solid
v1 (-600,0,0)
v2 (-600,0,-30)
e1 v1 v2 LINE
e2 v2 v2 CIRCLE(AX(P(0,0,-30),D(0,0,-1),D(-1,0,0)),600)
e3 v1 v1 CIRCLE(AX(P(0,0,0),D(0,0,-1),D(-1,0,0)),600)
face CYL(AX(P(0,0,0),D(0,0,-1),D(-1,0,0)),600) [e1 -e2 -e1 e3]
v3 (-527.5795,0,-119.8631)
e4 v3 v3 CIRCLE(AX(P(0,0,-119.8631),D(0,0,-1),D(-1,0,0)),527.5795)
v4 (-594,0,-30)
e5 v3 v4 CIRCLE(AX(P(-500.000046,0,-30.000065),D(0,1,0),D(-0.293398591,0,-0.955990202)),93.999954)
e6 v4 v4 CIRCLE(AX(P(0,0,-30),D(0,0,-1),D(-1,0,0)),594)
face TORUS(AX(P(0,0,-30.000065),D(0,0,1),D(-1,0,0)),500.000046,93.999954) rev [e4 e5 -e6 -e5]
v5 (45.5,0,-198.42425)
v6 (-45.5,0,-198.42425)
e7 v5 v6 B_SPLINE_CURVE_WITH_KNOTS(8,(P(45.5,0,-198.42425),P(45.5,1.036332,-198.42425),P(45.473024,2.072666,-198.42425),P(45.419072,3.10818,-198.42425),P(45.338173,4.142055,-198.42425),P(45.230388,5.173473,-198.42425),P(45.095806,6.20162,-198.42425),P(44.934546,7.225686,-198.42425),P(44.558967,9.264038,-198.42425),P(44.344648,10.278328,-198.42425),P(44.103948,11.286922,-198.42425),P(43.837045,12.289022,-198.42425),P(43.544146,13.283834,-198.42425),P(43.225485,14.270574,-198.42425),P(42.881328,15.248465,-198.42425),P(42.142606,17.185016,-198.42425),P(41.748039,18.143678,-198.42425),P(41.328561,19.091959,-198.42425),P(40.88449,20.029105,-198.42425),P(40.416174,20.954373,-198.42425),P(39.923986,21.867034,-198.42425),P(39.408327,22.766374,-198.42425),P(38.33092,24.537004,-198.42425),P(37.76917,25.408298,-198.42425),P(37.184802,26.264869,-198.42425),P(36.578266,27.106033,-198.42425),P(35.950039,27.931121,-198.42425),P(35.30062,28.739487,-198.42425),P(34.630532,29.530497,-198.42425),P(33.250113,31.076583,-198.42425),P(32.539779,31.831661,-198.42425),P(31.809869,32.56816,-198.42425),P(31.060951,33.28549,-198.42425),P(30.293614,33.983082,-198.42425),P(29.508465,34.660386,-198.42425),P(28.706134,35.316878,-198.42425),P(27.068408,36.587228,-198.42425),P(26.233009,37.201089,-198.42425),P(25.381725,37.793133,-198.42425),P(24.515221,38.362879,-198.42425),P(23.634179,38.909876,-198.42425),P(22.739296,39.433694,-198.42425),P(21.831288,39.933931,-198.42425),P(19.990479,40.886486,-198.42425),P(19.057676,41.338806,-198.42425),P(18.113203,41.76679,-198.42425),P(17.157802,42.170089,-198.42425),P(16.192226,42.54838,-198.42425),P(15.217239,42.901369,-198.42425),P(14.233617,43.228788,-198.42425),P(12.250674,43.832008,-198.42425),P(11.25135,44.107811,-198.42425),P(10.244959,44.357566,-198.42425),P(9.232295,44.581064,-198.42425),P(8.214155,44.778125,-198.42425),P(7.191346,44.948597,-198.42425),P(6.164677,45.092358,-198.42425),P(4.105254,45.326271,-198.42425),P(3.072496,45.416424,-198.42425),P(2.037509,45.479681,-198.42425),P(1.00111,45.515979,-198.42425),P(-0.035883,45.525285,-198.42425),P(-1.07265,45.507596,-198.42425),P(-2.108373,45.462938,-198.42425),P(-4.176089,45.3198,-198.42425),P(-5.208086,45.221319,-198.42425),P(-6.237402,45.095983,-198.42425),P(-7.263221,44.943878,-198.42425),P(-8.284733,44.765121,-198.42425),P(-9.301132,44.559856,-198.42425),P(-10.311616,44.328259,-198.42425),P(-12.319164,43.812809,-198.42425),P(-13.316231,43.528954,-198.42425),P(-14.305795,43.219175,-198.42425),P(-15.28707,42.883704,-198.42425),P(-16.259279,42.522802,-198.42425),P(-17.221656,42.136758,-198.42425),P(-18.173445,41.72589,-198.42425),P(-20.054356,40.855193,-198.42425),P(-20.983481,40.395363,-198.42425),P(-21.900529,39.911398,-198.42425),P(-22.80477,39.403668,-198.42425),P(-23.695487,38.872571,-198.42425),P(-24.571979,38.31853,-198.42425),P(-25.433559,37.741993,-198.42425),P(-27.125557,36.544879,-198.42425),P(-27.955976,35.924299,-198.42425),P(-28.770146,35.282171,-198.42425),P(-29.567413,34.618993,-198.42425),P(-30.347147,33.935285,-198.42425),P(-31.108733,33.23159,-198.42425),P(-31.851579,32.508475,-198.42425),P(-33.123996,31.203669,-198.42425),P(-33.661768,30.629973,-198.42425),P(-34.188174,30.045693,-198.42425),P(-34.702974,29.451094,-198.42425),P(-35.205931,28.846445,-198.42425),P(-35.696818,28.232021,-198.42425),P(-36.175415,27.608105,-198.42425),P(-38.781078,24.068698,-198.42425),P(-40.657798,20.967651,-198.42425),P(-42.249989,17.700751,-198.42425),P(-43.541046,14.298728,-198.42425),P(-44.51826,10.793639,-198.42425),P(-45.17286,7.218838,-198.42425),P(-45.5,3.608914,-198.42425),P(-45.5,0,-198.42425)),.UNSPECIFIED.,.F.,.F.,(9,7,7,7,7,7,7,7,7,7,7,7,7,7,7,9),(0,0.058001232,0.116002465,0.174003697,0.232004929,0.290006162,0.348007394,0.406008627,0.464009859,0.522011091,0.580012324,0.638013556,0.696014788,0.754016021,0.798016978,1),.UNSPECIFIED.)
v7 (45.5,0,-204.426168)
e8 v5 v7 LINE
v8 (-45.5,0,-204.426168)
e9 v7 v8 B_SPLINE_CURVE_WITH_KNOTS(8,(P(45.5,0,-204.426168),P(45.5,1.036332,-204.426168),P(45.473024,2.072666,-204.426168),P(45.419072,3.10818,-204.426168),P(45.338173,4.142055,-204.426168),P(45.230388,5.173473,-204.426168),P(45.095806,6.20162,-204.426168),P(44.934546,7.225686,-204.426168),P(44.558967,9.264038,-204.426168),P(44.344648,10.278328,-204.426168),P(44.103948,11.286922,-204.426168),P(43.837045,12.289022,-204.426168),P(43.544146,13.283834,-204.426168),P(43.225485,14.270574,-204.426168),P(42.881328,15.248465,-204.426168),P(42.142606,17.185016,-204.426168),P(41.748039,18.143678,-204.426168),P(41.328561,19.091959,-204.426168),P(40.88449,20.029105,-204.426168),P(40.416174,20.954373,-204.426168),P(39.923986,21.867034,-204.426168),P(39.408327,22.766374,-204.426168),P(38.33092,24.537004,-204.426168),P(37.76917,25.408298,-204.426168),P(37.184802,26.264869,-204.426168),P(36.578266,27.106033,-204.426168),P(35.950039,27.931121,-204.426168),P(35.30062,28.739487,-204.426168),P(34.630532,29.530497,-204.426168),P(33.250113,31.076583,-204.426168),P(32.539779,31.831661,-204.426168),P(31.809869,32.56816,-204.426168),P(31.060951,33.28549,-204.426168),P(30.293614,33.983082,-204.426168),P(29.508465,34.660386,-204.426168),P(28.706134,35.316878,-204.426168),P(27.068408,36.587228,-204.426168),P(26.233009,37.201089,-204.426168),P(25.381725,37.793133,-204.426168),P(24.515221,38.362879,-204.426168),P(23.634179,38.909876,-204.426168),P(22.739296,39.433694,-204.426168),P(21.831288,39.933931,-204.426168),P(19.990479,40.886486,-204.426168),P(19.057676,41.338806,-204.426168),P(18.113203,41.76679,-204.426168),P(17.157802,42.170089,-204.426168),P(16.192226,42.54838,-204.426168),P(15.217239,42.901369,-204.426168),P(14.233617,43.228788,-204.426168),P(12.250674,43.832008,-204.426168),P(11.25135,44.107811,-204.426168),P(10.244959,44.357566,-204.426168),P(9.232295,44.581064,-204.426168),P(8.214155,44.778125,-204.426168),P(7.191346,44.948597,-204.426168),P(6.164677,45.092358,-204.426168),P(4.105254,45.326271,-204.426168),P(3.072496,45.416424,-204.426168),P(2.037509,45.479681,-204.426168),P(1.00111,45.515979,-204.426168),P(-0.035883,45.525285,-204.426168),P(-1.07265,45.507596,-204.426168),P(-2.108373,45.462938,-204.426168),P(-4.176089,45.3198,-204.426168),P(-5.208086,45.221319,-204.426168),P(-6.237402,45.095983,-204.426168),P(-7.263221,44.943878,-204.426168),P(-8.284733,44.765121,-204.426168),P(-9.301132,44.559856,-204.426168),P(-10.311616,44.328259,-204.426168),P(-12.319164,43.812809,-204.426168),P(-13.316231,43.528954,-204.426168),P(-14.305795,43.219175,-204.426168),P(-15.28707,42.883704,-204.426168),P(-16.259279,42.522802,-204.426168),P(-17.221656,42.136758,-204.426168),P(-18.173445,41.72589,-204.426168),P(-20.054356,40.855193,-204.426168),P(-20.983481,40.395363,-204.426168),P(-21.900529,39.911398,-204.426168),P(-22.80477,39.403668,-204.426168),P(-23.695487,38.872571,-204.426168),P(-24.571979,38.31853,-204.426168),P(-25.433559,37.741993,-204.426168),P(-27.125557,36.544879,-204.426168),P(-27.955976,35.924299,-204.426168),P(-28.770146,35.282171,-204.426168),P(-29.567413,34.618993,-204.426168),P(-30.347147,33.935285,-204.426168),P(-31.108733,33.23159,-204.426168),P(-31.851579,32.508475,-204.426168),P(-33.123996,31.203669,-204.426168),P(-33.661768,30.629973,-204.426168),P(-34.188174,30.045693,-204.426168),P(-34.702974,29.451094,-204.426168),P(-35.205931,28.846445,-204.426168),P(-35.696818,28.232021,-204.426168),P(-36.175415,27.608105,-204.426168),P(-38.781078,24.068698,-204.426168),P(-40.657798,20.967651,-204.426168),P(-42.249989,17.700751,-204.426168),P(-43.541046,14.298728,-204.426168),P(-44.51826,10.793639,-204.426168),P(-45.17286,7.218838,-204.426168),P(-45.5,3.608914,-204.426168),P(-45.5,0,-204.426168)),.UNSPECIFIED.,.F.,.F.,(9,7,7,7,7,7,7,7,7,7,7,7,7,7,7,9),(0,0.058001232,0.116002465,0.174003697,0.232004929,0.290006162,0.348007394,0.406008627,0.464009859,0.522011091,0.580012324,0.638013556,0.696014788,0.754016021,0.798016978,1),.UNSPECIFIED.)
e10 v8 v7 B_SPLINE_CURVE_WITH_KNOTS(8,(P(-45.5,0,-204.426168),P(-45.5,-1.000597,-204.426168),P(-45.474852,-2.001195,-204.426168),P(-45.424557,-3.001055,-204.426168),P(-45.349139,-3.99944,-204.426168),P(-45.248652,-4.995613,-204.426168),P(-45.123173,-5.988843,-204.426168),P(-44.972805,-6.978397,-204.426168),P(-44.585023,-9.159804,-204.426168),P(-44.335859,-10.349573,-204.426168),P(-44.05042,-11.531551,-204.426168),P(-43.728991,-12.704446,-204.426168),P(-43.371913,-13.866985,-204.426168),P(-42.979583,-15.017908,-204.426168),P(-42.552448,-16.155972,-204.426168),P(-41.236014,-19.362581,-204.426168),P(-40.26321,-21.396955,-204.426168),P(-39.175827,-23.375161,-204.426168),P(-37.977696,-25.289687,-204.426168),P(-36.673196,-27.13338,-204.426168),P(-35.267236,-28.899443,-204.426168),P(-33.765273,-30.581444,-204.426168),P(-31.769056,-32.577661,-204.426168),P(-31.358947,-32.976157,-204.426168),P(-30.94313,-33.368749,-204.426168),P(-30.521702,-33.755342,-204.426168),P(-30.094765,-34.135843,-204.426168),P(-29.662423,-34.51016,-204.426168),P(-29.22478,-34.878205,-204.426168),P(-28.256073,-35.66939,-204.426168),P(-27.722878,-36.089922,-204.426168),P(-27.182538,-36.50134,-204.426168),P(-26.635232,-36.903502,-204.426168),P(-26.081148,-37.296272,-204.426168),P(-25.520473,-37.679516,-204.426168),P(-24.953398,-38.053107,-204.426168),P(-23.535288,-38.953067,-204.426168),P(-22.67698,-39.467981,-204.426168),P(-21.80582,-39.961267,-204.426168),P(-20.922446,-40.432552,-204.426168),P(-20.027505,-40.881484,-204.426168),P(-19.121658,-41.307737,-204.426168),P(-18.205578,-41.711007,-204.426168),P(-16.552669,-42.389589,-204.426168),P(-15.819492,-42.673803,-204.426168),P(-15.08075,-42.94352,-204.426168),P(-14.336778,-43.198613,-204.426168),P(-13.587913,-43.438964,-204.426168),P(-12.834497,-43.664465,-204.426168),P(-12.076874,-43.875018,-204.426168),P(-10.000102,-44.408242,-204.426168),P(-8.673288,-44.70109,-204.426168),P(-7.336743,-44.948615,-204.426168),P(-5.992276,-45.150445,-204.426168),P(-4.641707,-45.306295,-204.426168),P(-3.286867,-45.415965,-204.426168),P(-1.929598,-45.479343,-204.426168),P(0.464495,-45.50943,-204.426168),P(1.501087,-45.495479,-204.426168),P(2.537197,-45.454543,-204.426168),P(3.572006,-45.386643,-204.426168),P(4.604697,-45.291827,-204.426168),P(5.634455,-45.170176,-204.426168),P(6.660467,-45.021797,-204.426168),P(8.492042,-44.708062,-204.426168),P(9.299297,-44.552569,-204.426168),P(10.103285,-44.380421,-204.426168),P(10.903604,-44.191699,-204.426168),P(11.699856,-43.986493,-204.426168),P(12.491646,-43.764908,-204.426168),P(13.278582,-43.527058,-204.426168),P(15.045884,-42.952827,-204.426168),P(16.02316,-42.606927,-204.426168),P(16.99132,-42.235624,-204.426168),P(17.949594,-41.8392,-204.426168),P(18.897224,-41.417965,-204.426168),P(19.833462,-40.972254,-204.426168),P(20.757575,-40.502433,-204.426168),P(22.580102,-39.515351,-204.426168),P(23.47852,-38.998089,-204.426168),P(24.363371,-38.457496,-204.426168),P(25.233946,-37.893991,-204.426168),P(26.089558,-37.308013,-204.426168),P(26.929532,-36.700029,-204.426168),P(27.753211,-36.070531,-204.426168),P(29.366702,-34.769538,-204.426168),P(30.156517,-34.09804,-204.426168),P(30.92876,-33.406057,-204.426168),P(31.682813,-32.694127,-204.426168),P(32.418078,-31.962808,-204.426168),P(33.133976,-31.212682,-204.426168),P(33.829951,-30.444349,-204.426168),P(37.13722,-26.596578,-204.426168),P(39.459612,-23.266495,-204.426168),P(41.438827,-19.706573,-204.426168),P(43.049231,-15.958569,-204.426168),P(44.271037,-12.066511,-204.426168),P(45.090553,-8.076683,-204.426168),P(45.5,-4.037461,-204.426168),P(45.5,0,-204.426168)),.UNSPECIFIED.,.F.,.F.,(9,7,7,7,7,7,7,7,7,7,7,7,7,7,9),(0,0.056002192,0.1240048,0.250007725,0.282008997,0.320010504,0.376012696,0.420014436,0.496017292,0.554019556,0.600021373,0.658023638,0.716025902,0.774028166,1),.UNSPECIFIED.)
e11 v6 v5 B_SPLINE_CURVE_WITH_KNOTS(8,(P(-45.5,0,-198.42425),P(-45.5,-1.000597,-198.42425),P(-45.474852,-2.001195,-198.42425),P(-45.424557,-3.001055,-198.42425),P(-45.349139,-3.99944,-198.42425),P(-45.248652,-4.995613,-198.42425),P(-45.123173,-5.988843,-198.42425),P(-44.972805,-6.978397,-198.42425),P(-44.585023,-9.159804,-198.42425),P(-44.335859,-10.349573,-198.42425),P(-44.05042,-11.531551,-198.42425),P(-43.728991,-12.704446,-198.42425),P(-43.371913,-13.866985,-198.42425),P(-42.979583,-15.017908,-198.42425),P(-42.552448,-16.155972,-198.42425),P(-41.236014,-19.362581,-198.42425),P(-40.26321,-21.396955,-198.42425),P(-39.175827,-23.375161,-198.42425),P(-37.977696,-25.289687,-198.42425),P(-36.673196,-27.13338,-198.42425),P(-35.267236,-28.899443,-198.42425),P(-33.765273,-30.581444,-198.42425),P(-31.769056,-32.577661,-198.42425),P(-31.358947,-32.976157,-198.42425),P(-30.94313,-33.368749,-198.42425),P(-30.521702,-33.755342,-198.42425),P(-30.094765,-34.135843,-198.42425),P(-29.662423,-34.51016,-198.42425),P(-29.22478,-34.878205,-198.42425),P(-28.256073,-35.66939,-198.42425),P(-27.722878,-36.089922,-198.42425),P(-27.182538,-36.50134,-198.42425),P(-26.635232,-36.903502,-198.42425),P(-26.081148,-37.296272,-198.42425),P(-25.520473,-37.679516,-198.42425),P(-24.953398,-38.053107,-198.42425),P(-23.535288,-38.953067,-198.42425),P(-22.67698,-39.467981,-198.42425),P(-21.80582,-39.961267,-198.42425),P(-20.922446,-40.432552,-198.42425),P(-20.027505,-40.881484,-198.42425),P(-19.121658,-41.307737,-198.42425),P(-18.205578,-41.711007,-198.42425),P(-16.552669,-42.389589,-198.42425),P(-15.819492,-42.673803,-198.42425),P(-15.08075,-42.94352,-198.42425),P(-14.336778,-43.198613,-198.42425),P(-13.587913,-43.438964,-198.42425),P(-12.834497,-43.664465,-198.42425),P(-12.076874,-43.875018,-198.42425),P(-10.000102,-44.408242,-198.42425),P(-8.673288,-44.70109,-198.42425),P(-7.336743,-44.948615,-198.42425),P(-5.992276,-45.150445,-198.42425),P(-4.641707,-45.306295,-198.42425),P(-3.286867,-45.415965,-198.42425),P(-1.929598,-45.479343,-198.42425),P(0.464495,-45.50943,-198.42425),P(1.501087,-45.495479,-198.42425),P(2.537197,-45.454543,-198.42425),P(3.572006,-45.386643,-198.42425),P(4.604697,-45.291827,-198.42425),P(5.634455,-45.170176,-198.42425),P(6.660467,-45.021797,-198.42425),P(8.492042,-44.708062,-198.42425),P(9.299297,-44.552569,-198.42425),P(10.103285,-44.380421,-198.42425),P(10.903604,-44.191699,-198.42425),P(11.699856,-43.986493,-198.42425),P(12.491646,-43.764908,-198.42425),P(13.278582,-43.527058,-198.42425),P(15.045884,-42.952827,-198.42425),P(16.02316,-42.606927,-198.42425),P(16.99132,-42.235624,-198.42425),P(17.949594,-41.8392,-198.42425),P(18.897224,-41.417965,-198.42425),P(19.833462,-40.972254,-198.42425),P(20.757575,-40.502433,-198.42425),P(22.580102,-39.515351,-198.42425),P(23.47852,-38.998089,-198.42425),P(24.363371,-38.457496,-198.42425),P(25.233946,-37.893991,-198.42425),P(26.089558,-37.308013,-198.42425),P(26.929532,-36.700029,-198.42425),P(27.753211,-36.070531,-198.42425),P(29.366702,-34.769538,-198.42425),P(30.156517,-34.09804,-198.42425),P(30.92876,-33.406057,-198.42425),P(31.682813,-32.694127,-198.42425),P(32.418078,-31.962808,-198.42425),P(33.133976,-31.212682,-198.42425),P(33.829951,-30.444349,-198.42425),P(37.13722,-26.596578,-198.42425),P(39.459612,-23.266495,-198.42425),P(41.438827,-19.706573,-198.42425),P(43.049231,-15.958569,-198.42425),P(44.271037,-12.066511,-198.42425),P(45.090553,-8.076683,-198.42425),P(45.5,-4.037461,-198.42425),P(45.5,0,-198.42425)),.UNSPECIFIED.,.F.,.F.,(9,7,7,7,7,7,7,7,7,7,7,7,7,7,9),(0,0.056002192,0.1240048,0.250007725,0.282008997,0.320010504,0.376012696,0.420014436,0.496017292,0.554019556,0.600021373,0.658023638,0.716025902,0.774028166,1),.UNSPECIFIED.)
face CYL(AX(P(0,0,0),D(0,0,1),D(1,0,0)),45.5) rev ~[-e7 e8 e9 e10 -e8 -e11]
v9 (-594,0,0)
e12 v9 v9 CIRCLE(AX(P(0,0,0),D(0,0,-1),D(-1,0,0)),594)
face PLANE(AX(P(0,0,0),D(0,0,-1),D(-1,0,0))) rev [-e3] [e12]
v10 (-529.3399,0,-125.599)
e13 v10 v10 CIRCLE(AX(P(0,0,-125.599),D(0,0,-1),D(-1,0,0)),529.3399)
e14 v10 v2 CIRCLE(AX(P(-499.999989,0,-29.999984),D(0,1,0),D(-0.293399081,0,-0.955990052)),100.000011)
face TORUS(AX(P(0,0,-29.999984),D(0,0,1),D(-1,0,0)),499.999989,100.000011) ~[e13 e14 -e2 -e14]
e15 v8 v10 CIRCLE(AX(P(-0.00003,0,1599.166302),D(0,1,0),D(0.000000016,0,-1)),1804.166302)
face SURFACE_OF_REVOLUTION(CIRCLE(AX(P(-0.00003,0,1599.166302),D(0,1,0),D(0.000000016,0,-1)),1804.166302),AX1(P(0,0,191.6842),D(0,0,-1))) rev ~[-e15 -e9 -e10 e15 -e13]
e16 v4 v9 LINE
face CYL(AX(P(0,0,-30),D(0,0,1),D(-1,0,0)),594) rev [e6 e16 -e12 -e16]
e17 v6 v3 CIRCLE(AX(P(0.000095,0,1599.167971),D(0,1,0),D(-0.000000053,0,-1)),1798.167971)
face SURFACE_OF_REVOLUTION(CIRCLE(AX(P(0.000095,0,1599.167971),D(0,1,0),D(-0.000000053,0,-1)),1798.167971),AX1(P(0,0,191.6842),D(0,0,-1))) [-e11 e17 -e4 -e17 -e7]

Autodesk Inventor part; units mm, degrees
ref_plane "YZ Plane" through (0, 0, 0) normal (1, 0, 0) x (0, 1, 0)
ref_plane "XZ Plane" through (0, 0, 0) normal (0, 1, 0) x (-1, 0, 0)
ref_plane "XY Plane" through (0, 0, 0) normal (0, 0, 1) x (1, 0, 0)
sketch "Sketch1" plane through (0, 0, 0) normal (0, 1, 0) x (-1, 0, 0)
  line L0 (600, 0) -> (600, -30)
  arc A0 (529.3399, -125.599) -> (600, -30) centre (500, -30) ccw
  arc A1 (0, -205) -> (529.3399, -125.599) centre (0, 1599.1667) ccw
  line L1 (0, 191.6842) -> (0, -191.6842)
  arc A2 (0, -199) -> (527.5795, -119.8631) centre (0, 1599.1667) ccw
  arc A3 (527.5795, -119.8631) -> (594, -30) centre (500, -30) ccw
  line L2 (594, -30) -> (594, 0)
  line L3 (594, 0) -> (600, 0)
  line L4 (0, -199) -> (0, -205)
  point P0 (0, 0)
  point P1 (0, 0)
  point P2 (0, -202)
  point P3 (0, -163.7009)
  point P4 (0, -169.7009)
  dimension "d0" = 100
  dimension "d1" = 30
  dimension "d3" = 1804.1667
  dimension "d6" = 6
  dimension "d11" = 1188
  dimension "d12" = 205
revolve "Revolution1" add sketch "Sketch1" angle 360 about axis through (0, 0, 191.6842) along (0, 0, -1)
sketch "Sketch2" plane through (0, 0, 0) normal (0, 0, 1) x (1, 0, 0)
  circle A0 centre (0, 0) radius 45.5
  dimension "d8" = 91
extrude "Extrusion1" cut sketch "Sketch2" against normal through all
equation "\"d11\" = MAIN_filter_diam"
equation "\"MAIN_filter_diam\" = 1188"
equation "\"Disherd_head_hight\" = d12"
properties part number "PRS 1200-02 dished head" material "Steel"
